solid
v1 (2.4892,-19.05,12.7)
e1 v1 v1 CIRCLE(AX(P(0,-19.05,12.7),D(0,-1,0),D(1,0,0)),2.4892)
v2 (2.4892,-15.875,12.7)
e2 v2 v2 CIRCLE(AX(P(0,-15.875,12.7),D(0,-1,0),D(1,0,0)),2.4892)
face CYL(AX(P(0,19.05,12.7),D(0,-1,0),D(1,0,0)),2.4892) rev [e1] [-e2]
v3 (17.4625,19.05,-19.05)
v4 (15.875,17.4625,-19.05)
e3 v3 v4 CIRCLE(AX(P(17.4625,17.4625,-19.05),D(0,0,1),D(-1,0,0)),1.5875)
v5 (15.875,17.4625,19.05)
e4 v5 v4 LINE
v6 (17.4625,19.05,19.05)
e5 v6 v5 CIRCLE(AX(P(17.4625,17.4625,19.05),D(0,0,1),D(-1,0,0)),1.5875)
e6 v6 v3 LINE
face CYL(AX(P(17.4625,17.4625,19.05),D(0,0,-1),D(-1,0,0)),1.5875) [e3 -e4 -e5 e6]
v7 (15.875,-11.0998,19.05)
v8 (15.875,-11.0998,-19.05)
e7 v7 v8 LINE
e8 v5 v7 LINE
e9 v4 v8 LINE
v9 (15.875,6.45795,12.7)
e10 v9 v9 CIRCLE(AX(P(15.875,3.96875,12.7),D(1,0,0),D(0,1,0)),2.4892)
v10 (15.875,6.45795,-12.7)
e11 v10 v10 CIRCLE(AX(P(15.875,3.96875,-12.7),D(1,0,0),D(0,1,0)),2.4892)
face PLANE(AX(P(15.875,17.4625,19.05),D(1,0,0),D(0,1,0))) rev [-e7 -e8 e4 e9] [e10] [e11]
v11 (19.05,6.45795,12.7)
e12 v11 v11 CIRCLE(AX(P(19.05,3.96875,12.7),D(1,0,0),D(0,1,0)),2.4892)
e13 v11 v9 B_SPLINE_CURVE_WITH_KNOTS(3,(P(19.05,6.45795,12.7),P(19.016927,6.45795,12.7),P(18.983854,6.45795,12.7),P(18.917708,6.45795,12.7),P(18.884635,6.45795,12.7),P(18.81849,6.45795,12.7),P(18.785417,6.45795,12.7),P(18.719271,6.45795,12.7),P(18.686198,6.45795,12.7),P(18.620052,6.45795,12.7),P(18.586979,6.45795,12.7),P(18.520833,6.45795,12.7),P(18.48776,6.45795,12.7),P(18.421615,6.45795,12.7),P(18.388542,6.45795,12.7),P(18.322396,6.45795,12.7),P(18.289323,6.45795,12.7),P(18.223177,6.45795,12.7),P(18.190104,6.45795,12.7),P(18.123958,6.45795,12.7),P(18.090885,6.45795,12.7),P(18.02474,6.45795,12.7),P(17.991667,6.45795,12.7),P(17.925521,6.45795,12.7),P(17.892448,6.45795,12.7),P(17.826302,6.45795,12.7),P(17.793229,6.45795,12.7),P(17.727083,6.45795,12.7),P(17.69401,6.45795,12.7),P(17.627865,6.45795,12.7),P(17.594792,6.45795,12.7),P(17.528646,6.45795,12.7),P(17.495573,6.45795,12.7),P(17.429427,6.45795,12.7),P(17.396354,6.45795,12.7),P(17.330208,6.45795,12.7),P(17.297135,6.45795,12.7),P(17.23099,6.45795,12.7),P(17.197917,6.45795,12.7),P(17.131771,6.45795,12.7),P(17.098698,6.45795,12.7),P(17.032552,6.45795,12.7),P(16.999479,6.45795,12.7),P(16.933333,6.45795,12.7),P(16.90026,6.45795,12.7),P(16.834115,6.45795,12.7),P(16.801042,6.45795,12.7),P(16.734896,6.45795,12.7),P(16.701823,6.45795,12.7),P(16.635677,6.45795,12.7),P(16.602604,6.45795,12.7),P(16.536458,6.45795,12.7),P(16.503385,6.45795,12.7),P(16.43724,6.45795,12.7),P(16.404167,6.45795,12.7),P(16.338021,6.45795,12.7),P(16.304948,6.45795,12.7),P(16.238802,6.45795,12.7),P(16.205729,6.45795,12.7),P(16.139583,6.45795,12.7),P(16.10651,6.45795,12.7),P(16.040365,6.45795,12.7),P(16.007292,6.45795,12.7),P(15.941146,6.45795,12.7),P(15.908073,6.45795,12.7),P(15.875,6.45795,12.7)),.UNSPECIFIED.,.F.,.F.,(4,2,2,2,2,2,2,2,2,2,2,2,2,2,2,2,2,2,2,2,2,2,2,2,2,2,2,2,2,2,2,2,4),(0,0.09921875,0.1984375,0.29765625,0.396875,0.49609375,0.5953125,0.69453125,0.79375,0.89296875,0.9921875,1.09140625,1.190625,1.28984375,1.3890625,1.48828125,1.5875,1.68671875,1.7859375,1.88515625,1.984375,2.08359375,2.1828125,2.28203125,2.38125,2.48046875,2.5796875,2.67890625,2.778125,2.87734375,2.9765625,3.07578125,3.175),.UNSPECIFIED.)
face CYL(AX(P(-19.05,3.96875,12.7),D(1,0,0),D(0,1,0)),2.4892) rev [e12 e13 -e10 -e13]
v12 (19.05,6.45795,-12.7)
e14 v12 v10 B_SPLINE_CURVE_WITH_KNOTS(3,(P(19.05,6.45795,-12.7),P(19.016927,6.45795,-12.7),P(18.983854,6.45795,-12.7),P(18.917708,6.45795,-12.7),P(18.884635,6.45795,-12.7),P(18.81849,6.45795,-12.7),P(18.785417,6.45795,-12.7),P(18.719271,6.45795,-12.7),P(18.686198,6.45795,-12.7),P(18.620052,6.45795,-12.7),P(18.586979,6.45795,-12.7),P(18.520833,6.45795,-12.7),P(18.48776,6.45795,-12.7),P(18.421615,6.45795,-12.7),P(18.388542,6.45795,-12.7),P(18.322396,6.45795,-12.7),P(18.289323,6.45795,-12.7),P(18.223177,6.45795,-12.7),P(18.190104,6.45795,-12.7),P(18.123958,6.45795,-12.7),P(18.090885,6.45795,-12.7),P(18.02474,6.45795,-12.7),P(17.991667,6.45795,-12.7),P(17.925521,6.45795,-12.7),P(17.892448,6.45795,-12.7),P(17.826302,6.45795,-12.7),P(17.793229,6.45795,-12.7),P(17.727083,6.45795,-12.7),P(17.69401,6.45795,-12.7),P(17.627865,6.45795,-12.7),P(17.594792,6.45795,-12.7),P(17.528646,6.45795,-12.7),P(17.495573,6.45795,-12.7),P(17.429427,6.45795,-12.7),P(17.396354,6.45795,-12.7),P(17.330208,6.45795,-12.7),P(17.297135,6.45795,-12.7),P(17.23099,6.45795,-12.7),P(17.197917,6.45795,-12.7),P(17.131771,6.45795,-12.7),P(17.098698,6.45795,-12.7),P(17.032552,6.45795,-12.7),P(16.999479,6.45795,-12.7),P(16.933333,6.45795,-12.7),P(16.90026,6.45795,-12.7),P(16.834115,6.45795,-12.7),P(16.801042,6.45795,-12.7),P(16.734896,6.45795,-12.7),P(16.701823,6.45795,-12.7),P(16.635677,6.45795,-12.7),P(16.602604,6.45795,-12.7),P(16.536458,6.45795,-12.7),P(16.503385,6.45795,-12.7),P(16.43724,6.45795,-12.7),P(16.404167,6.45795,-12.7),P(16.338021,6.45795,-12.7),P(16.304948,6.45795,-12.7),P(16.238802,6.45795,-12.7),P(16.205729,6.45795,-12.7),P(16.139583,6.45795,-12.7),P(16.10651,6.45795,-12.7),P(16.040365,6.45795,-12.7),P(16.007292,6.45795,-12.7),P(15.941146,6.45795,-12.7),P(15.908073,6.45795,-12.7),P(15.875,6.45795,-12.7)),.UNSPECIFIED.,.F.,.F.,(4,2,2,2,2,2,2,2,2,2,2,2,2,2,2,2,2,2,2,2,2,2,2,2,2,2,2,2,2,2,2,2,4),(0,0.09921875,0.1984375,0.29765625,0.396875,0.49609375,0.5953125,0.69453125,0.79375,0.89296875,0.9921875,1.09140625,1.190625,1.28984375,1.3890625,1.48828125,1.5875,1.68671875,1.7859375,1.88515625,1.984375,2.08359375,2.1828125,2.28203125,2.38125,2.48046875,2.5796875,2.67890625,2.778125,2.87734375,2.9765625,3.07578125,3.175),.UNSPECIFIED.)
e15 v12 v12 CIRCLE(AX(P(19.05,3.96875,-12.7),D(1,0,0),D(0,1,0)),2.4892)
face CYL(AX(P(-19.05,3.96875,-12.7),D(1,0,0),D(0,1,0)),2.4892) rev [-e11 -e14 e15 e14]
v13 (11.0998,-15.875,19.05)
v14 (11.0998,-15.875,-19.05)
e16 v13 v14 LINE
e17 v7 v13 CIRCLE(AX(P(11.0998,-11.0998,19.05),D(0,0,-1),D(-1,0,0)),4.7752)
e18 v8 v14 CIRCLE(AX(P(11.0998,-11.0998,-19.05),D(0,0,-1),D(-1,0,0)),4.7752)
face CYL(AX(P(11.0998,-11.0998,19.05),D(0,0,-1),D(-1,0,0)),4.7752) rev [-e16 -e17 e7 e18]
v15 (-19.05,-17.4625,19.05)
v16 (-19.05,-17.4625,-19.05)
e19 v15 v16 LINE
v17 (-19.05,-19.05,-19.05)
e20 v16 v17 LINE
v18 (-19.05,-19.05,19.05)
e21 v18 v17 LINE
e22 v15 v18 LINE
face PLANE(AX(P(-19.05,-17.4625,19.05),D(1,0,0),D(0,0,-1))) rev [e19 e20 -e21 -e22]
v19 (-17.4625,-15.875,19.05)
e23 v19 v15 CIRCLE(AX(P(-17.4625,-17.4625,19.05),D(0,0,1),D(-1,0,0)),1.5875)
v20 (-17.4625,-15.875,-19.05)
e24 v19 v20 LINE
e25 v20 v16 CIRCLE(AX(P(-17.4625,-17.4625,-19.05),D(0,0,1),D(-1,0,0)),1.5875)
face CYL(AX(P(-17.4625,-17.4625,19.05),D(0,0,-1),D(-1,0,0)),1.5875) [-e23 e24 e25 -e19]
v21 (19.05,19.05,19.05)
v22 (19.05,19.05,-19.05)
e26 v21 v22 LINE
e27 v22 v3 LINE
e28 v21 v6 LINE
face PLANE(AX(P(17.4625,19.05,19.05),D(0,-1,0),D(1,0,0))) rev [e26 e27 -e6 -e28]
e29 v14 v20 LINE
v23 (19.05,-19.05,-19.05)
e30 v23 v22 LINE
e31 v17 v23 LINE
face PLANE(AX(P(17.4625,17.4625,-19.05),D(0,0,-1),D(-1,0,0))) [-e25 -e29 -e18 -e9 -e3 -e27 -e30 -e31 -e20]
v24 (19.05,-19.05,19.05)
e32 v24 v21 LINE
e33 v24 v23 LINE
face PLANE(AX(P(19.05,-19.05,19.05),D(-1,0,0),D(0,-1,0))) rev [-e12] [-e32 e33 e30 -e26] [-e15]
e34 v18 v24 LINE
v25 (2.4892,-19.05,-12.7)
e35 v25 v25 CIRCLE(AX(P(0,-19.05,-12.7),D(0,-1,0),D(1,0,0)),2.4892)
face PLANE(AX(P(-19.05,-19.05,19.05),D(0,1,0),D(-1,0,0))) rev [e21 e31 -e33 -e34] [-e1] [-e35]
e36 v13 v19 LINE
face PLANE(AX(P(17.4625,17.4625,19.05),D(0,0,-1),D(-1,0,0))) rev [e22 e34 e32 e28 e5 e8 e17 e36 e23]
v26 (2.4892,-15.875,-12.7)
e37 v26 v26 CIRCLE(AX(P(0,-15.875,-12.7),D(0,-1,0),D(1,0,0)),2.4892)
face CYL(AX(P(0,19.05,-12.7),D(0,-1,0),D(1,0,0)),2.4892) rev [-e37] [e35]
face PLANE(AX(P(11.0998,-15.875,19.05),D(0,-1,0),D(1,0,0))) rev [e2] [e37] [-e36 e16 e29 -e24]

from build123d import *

# Parameters (mm, degrees)
BOSS_EXTRUDE1_DEPTH = 19.05
SKETCH3_R           = 2.4892
CUT_EXTRUDE1_DEPTH  = 47.6627796
SKETCH4_R           = 2.4892
CUT_EXTRUDE2_DEPTH  = 47.6627796


with BuildPart() as part:
    # Sketch2 → Boss-Extrude1 (new, symmetric)
    with BuildSketch(Plane.XY):
        with BuildLine():
            Line((-19.05, -19.05), (19.05, -19.05))
            Line((19.05, -19.05), (19.05, 19.05))
            Line((19.05, 19.05), (17.4625, 19.05))
            ThreePointArc((17.4625, 19.05), (16.339967985, 18.585032015), (15.875, 17.4625))
            Line((15.875, 17.4625), (15.875, -11.0998))
            ThreePointArc((15.875, -11.0998), (14.476376302, -14.476376302), (11.0998, -15.875))
            Line((11.0998, -15.875), (-17.4625, -15.875))
            ThreePointArc((-17.4625, -15.875), (-18.585032015, -16.339967985), (-19.05, -17.4625))
            Line((-19.05, -17.4625), (-19.05, -19.05))
        make_face()
    extrude(amount=BOSS_EXTRUDE1_DEPTH, both=True)

    # Sketch3 → Cut-Extrude1 (cut, through all)
    with BuildSketch(Plane(origin=(19.05, 0, 0), x_dir=(0, 0, -1), z_dir=(1, 0, 0))):
        with Locations(Location((-12.7, 3.96875, 0), (0, 0, 90))):
            Circle(SKETCH3_R)
        with Locations(Location((12.7, 3.96875, 0), (0, 0, 90))):
            Circle(SKETCH3_R)
    extrude(amount=-CUT_EXTRUDE1_DEPTH, mode=Mode.SUBTRACT)

    # Sketch4 → Cut-Extrude2 (cut, through all)
    with BuildSketch(Plane.XZ.offset(19.05)):
        with Locations((0, 12.7)):
            Circle(SKETCH4_R)
        with Locations((0, -12.7)):
            Circle(SKETCH4_R)
    extrude(amount=-CUT_EXTRUDE2_DEPTH, mode=Mode.SUBTRACT)


solid = part.part
